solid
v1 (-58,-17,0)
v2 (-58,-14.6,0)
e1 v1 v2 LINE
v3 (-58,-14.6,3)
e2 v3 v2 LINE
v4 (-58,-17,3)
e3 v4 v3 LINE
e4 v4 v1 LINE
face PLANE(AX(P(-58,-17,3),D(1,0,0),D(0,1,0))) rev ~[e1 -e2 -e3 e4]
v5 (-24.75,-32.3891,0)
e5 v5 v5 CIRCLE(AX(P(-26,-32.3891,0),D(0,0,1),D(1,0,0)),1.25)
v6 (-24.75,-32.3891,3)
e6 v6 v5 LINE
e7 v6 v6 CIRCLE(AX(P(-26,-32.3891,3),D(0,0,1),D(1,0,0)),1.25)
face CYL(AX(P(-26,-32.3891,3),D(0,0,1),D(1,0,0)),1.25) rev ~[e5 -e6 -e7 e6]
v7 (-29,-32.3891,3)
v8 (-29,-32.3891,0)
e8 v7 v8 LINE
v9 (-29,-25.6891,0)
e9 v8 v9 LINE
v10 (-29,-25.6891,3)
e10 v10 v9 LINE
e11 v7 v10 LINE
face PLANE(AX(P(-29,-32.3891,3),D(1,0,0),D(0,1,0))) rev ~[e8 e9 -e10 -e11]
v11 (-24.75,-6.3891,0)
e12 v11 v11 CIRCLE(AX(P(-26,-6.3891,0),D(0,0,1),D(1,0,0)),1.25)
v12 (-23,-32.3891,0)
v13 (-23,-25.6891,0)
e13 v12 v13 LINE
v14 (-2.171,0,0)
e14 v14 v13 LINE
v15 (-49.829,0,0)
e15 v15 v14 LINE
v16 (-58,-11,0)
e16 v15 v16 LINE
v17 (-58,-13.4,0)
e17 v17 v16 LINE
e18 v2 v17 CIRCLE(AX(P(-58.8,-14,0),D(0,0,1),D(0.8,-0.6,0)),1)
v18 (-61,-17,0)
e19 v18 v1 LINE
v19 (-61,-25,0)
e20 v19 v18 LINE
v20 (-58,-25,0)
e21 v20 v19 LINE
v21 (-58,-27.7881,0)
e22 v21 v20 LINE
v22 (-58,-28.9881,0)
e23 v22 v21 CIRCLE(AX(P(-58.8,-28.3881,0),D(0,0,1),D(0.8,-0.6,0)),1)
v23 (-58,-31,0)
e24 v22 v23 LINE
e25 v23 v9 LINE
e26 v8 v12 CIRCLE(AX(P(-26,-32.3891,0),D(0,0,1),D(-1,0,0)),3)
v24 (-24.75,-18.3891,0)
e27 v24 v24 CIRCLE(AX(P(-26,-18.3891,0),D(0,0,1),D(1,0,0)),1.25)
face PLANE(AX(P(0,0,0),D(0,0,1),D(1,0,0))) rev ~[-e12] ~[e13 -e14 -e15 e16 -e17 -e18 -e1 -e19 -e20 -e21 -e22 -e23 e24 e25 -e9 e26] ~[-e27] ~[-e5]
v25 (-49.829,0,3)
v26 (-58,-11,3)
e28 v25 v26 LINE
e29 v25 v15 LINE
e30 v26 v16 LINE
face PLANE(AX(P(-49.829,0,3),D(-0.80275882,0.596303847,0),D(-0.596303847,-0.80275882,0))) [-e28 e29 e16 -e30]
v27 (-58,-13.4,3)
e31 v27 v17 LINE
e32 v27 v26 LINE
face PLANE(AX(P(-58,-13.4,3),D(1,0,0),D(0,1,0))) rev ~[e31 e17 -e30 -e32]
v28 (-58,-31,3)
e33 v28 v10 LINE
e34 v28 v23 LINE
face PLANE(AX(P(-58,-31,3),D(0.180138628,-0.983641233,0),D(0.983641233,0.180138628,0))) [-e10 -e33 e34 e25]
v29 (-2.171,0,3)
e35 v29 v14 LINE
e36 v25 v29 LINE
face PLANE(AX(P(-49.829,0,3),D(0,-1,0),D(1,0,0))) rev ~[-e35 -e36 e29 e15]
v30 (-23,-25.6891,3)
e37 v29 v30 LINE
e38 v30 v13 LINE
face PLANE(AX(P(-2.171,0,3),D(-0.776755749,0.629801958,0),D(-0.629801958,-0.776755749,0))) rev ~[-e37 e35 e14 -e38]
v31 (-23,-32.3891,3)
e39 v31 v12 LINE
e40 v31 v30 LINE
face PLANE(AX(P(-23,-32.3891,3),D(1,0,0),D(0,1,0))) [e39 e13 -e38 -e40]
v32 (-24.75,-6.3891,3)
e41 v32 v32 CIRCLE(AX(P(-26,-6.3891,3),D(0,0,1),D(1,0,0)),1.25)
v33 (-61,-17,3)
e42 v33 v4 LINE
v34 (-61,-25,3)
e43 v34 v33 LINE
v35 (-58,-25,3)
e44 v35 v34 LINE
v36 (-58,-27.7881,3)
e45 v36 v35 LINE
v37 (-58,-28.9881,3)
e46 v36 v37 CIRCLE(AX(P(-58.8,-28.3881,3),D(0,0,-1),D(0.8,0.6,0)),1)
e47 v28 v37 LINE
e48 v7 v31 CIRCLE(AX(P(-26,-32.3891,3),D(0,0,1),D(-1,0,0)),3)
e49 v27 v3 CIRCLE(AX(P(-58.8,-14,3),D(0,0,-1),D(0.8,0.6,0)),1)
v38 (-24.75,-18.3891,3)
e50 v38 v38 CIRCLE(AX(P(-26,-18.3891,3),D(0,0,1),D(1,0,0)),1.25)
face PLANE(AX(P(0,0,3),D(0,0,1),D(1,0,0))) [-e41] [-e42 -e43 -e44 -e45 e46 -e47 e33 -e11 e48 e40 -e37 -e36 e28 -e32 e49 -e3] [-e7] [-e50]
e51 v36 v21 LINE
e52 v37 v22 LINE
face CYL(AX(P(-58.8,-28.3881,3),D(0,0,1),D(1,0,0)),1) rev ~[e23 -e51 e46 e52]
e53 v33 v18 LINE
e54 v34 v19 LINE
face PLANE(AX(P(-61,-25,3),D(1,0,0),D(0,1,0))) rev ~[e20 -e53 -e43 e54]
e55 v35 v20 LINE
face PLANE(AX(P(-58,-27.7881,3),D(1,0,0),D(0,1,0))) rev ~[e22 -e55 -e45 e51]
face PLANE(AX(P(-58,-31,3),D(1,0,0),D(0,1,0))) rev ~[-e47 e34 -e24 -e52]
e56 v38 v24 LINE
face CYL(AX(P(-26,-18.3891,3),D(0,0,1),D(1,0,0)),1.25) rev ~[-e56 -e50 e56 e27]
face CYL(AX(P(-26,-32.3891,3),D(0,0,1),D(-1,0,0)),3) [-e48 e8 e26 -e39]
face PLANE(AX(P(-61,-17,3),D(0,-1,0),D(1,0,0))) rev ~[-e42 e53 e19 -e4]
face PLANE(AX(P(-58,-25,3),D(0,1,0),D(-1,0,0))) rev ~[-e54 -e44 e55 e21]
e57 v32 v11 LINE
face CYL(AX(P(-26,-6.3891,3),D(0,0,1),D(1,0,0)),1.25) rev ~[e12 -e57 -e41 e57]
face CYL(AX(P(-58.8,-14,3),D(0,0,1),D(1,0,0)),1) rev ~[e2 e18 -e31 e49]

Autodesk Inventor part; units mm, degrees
ref_plane "YZ Plane" through (0, 0, 0) normal (1, 0, 0) x (0, 1, 0)
ref_plane "XZ Plane" through (0, 0, 0) normal (0, 1, 0) x (-1, 0, 0)
ref_plane "XY Plane" through (0, 0, 0) normal (0, 0, 1) x (1, 0, 0)
sketch "スケッチ1" plane through (0, 0, 0) normal (0, 0, 1) x (1, 0, 0)
  line L0 (0, 0) -> (-65, 0)
  line L1 (-65, 0) -> (-65, -60)
  line L2 (-65, -60) -> (0, -60)
  line L3 (0, -60) -> (0, 0)
  dimension "d0" = 65
  dimension "d1" = 60
extrude "押し出し1" add sketch "スケッチ1" along normal blind 3
sketch "スケッチ2" plane through (0, 0, 3) normal (0, 0, 1) x (1, 0, 0)
  line L0 (-29, -25.6891) -> (-49.829, 0)
  line L1 (-2.171, 0) -> (-23, -25.6891)
  line L2 (-62, -31) -> (-65, -31)
  line L3 (-65, -31) -> (-65, -25)
  line L4 (-65, -25) -> (-62, -25)
  line L5 (-62, -25) -> (-62, -31)
  line L6 (-62, -17) -> (-65, -17)
  line L7 (-65, -17) -> (-65, -11)
  line L8 (-65, -11) -> (-62, -11)
  line L9 (-62, -11) -> (-62, -17)
  line L10 (-65, 4) -> (-62, 4)
  line L11 (-62, 4) -> (-62, 0)
  line L12 (-62, 0) -> (-65, 0)
  line L13 (-65, -4) -> (-65, 0)
  line L14 (-62, -4) -> (-65, -4)
  line L15 (-62, 0) -> (-62, -4)
  line L16 (-65, 0) -> (-65, 4)
  line L17 (-65, -40) -> (-62, -40)
  line L18 (0, 0) -> (0, -60) projected
  line L19 (0, -60) -> (-65, -60) projected
  line L20 (-65, -60) -> (-65, 0) projected
  line L21 (-65, 0) -> (0, 0) projected
  line L22 (-49.829, 0) -> (-62, -11)
  arc A0 (-29, -32.3891) -> (-23, -32.3891) centre (-26, -32.3891) ccw
  line L23 (-26, -32.3891) -> (-26, -29.3891) construction
  circle A1 centre (-26, -32.3891) radius 1.25
  line L24 (-23, -32.3891) -> (-23, -25.6891)
  line L25 (-29, -32.3891) -> (-29, -25.6891)
  circle A2 centre (-26, -18.3891) radius 1.25
  circle A3 centre (-26, -6.3891) radius 1.25
  line L26 (-29, -25.6891) -> (-62, -31)
  dimension "d4" = 6
  dimension "d5" = 2.5
  dimension "d6" = 3
  dimension "d7" = 2.5
  dimension "d8" = 2.5
  dimension "d9" = 14
  dimension "d10" = 26
extrude "押し出し2" cut sketch "スケッチ2" against normal blind 3 contours L26 L5 L4 L20 L6 L9 L22 L0 | L0 L21 L1 L24 A0 L25 keep common part
sketch "スケッチ3" plane through (0, 0, 3) normal (0, 0, 1) x (1, 0, 0)
  circle A0 centre (-26, -6.3891) radius 1.25 projected
  circle A1 centre (-26, -18.3891) radius 1.25 projected
  circle A2 centre (-26, -32.3891) radius 1.25 projected
  line L0 (-62, -25) -> (-65, -25) projected
  line L1 (-65, -25) -> (-65, -17) projected
  line L2 (-65, -17) -> (-62, -17) projected
  line L3 (-62, -17) -> (-62, -11) projected
  line L4 (-62, -11) -> (-49.829, 0) projected
  line L5 (-49.829, 0) -> (-2.171, 0) projected
  line L6 (-2.171, 0) -> (-23, -25.6891) projected
  line L7 (-23, -25.6891) -> (-23, -32.3891) projected
  arc A3 (-29, -32.3891) -> (-23, -32.3891) centre (-26, -32.3891) ccw projected
  line L8 (-29, -32.3891) -> (-29, -25.6891) projected
  line L9 (-29, -25.6891) -> (-62, -31) projected
  line L10 (-62, -31) -> (-62, -25) projected
  arc A4 (-62, -28.9881) -> (-62, -27.7881) centre (-62.8, -28.3881) ccw
  arc A5 (-62, -14.6) -> (-62, -13.4) centre (-62.8, -14) ccw
  point P0 (0, 0)
  dimension "d13" = 2
  dimension "d14" = 2
  dimension "d15" = 3
  dimension "d16" = 3.3881
  dimension "d17" = 0.8
extrude "押し出し3" cut sketch "スケッチ3" against normal blind 3 contours A4 L10 | L3 A5
sketch "スケッチ4" plane through (0, 0, 3) normal (0, 0, 1) x (1, 0, 0)
  circle A0 centre (-26, -6.3891) radius 1.25 projected
  circle A1 centre (-26, -18.3891) radius 1.25 projected
  circle A2 centre (-26, -32.3891) radius 1.25 projected
  line L0 (-29, -32.3891) -> (-29, -25.6891) projected
  line L1 (-29, -25.6891) -> (-62, -31) projected
  line L2 (-62, -31) -> (-62, -28.9881) projected
  arc A3 (-62, -28.9881) -> (-62, -27.7881) centre (-62.8, -28.3881) ccw projected
  line L3 (-62, -27.7881) -> (-62, -25) projected
  line L4 (-62, -25) -> (-65, -25) projected
  line L5 (-65, -25) -> (-65, -17) projected
  line L6 (-65, -17) -> (-62, -17) projected
  line L7 (-62, -17) -> (-62, -14.6) projected
  arc A4 (-62, -14.6) -> (-62, -13.4) centre (-62.8, -14) ccw projected
  line L8 (-62, -13.4) -> (-62, -11) projected
  line L9 (-62, -11) -> (-49.829, 0) projected
  line L10 (-49.829, 0) -> (-2.171, 0) projected
  line L11 (-2.171, 0) -> (-23, -25.6891) projected
  line L12 (-23, -25.6891) -> (-23, -32.3891) projected
  arc A5 (-29, -32.3891) -> (-23, -32.3891) centre (-26, -32.3891) ccw projected
  line L13 (-58, -25) -> (-61, -25)
  line L14 (-61, -25) -> (-61, -17)
  line L15 (-61, -17) -> (-58, -17)
  line L16 (-65, -17) -> (-65, -25) projected
  line L17 (-62, -25) -> (-65, -25) projected
  circle A6 centre (-58.8, -28.3881) radius 1
  circle A7 centre (-58.8, -14) radius 1
  arc A8 (-62, -14.6) -> (-62, -13.4) centre (-62.8, -14) ccw projected
  line L18 (-49.829, 0) -> (-58, -11)
  line L19 (-58, -31) -> (-29, -25.6891)
  line L20 (-29, -25.6891) -> (-49.829, 0)
  line L21 (-58, -31) -> (-58, -28.9881)
  line L22 (-58, -27.7881) -> (-58, -25)
  line L23 (-58, -17) -> (-58, -14.6)
  line L24 (-58, -13.4) -> (-58, -11)
  dimension "d26" = 3
  dimension "d27" = 6
  dimension "d28" = 6
  dimension "d29" = 4
sketch "スケッチ5" plane through (0, 0, 3) normal (0, 0, 1) x (1, 0, 0)
  circle A0 centre (-26, -6.3891) radius 1.25 projected
  circle A1 centre (-26, -18.3891) radius 1.25 projected
  circle A2 centre (-26, -32.3891) radius 1.25 projected
  line L0 (-29, -32.3891) -> (-29, -25.6891) projected
  line L1 (-29, -25.6891) -> (-62, -31) projected
  line L2 (-62, -31) -> (-62, -28.9881) projected
  arc A3 (-62, -28.9881) -> (-62, -27.7881) centre (-62.8, -28.3881) ccw projected
  line L3 (-62, -27.7881) -> (-62, -25) projected
  line L4 (-62, -25) -> (-65, -25) projected
  line L5 (-65, -25) -> (-65, -17) projected
  line L6 (-65, -17) -> (-62, -17) projected
  line L7 (-62, -17) -> (-62, -14.6) projected
  arc A4 (-62, -14.6) -> (-62, -13.4) centre (-62.8, -14) ccw projected
  line L8 (-62, -13.4) -> (-62, -11) projected
  line L9 (-62, -11) -> (-49.829, 0) projected
  line L10 (-49.829, 0) -> (-2.171, 0) projected
  line L11 (-2.171, 0) -> (-23, -25.6891) projected
  line L12 (-23, -25.6891) -> (-23, -32.3891) projected
  arc A5 (-29, -32.3891) -> (-23, -32.3891) centre (-26, -32.3891) ccw projected
  circle A6 centre (-26, -6.3891) radius 1.25 projected
  circle A7 centre (-26, -18.3891) radius 1.25 projected
  circle A8 centre (-26, -32.3891) radius 1.25 projected
  line L13 (-29, -32.3891) -> (-29, -25.6891) projected
  line L14 (-29, -25.6891) -> (-62, -31) projected
  line L15 (-62, -31) -> (-62, -28.9881) projected
  arc A9 (-62, -28.9881) -> (-62, -27.7881) centre (-62.8, -28.3881) ccw projected
  line L16 (-62, -27.7881) -> (-62, -25) projected
  line L17 (-62, -25) -> (-65, -25) projected
  line L18 (-65, -25) -> (-65, -17) projected
  line L19 (-65, -17) -> (-62, -17) projected
  line L20 (-62, -17) -> (-62, -14.6) projected
  arc A10 (-62, -14.6) -> (-62, -13.4) centre (-62.8, -14) ccw projected
  line L21 (-62, -13.4) -> (-62, -11) projected
  line L22 (-62, -11) -> (-49.829, 0) projected
  line L23 (-49.829, 0) -> (-2.171, 0) projected
  line L24 (-2.171, 0) -> (-23, -25.6891) projected
  line L25 (-23, -25.6891) -> (-23, -32.3891) projected
  arc A11 (-29, -32.3891) -> (-23, -32.3891) centre (-26, -32.3891) ccw projected
  circle A12 centre (-26, -6.3891) radius 1.25 projected
  circle A13 centre (-26, -18.3891) radius 1.25 projected
  circle A14 centre (-26, -32.3891) radius 1.25 projected
  line L26 (-29, -32.3891) -> (-29, -25.6891) projected
  line L27 (-29, -25.6891) -> (-62, -31) projected
  line L28 (-62, -31) -> (-62, -28.9881) projected
  arc A15 (-62, -28.9881) -> (-62, -27.7881) centre (-62.8, -28.3881) ccw projected
  line L29 (-62, -27.7881) -> (-62, -25) projected
  line L30 (-62, -25) -> (-65, -25) projected
  line L31 (-65, -25) -> (-65, -17) projected
  line L32 (-65, -17) -> (-62, -17) projected
  line L33 (-62, -17) -> (-62, -14.6) projected
  arc A16 (-62, -14.6) -> (-62, -13.4) centre (-62.8, -14) ccw projected
  line L34 (-62, -13.4) -> (-62, -11) projected
  line L35 (-62, -11) -> (-49.829, 0) projected
  line L36 (-49.829, 0) -> (-2.171, 0) projected
  line L37 (-2.171, 0) -> (-23, -25.6891) projected
  line L38 (-23, -25.6891) -> (-23, -32.3891) projected
  arc A17 (-29, -32.3891) -> (-23, -32.3891) centre (-26, -32.3891) ccw projected
  arc A18 (-62, -14.6) -> (-62, -13.4) centre (-62.8, -14) ccw projected
  line L39 (-62, -17) -> (-62, -14.6) projected
  line L40 (-65, -17) -> (-62, -17) projected
  line L41 (-65, -17) -> (-65, -25) projected
  line L42 (-62, -25) -> (-65, -25) projected
  line L43 (-62, -27.7881) -> (-62, -25) projected
  arc A19 (-62, -28.9881) -> (-62, -27.7881) centre (-62.8, -28.3881) ccw projected
  line L44 (-62, -31) -> (-62, -28.9881) projected
  line L45 (-29, -25.6891) -> (-62, -31) projected
  line L46 (-29, -32.3891) -> (-29, -25.6891) projected
  arc A20 (-29, -32.3891) -> (-23, -32.3891) centre (-26, -32.3891) ccw projected
  line L47 (-23, -25.6891) -> (-23, -32.3891) projected
  line L48 (-2.171, 0) -> (-23, -25.6891) projected
  line L49 (-2.171, 0) -> (-49.829, 0) projected
  line L50 (-62, -11) -> (-49.829, 0) projected
  line L51 (-62, -13.4) -> (-62, -11) projected
  circle A21 centre (-26, -32.3891) radius 1.25 projected
  circle A22 centre (-26, -18.3891) radius 1.25 projected
  circle A23 centre (-26, -6.3891) radius 1.25 projected
  line L52 (-29, -25.6891) -> (-49.829, 0)
  line L53 (-29, -25.6891) -> (-65.9346, -36.6422)
  line L54 (-65.9346, -36.6422) -> (-73.9425, -10.887)
  line L55 (-73.9425, -10.887) -> (-49.829, 0)
  point P0 (0, 0)
extrude "押し出し4" cut sketch "スケッチ5" against normal blind 3 contours L1 L2 A3 L3 L4 L5 L6 L7 A4 L8 L9 L52
extrude "押し出し5" add sketch "スケッチ4" against normal blind 3 contours L19 L21 L1 | L1 L21 A6 L22 L13 L14 L15 L23 A7 L24 L18 L20
equation "\"d28\" = d27"
properties part number "handPlate2"
